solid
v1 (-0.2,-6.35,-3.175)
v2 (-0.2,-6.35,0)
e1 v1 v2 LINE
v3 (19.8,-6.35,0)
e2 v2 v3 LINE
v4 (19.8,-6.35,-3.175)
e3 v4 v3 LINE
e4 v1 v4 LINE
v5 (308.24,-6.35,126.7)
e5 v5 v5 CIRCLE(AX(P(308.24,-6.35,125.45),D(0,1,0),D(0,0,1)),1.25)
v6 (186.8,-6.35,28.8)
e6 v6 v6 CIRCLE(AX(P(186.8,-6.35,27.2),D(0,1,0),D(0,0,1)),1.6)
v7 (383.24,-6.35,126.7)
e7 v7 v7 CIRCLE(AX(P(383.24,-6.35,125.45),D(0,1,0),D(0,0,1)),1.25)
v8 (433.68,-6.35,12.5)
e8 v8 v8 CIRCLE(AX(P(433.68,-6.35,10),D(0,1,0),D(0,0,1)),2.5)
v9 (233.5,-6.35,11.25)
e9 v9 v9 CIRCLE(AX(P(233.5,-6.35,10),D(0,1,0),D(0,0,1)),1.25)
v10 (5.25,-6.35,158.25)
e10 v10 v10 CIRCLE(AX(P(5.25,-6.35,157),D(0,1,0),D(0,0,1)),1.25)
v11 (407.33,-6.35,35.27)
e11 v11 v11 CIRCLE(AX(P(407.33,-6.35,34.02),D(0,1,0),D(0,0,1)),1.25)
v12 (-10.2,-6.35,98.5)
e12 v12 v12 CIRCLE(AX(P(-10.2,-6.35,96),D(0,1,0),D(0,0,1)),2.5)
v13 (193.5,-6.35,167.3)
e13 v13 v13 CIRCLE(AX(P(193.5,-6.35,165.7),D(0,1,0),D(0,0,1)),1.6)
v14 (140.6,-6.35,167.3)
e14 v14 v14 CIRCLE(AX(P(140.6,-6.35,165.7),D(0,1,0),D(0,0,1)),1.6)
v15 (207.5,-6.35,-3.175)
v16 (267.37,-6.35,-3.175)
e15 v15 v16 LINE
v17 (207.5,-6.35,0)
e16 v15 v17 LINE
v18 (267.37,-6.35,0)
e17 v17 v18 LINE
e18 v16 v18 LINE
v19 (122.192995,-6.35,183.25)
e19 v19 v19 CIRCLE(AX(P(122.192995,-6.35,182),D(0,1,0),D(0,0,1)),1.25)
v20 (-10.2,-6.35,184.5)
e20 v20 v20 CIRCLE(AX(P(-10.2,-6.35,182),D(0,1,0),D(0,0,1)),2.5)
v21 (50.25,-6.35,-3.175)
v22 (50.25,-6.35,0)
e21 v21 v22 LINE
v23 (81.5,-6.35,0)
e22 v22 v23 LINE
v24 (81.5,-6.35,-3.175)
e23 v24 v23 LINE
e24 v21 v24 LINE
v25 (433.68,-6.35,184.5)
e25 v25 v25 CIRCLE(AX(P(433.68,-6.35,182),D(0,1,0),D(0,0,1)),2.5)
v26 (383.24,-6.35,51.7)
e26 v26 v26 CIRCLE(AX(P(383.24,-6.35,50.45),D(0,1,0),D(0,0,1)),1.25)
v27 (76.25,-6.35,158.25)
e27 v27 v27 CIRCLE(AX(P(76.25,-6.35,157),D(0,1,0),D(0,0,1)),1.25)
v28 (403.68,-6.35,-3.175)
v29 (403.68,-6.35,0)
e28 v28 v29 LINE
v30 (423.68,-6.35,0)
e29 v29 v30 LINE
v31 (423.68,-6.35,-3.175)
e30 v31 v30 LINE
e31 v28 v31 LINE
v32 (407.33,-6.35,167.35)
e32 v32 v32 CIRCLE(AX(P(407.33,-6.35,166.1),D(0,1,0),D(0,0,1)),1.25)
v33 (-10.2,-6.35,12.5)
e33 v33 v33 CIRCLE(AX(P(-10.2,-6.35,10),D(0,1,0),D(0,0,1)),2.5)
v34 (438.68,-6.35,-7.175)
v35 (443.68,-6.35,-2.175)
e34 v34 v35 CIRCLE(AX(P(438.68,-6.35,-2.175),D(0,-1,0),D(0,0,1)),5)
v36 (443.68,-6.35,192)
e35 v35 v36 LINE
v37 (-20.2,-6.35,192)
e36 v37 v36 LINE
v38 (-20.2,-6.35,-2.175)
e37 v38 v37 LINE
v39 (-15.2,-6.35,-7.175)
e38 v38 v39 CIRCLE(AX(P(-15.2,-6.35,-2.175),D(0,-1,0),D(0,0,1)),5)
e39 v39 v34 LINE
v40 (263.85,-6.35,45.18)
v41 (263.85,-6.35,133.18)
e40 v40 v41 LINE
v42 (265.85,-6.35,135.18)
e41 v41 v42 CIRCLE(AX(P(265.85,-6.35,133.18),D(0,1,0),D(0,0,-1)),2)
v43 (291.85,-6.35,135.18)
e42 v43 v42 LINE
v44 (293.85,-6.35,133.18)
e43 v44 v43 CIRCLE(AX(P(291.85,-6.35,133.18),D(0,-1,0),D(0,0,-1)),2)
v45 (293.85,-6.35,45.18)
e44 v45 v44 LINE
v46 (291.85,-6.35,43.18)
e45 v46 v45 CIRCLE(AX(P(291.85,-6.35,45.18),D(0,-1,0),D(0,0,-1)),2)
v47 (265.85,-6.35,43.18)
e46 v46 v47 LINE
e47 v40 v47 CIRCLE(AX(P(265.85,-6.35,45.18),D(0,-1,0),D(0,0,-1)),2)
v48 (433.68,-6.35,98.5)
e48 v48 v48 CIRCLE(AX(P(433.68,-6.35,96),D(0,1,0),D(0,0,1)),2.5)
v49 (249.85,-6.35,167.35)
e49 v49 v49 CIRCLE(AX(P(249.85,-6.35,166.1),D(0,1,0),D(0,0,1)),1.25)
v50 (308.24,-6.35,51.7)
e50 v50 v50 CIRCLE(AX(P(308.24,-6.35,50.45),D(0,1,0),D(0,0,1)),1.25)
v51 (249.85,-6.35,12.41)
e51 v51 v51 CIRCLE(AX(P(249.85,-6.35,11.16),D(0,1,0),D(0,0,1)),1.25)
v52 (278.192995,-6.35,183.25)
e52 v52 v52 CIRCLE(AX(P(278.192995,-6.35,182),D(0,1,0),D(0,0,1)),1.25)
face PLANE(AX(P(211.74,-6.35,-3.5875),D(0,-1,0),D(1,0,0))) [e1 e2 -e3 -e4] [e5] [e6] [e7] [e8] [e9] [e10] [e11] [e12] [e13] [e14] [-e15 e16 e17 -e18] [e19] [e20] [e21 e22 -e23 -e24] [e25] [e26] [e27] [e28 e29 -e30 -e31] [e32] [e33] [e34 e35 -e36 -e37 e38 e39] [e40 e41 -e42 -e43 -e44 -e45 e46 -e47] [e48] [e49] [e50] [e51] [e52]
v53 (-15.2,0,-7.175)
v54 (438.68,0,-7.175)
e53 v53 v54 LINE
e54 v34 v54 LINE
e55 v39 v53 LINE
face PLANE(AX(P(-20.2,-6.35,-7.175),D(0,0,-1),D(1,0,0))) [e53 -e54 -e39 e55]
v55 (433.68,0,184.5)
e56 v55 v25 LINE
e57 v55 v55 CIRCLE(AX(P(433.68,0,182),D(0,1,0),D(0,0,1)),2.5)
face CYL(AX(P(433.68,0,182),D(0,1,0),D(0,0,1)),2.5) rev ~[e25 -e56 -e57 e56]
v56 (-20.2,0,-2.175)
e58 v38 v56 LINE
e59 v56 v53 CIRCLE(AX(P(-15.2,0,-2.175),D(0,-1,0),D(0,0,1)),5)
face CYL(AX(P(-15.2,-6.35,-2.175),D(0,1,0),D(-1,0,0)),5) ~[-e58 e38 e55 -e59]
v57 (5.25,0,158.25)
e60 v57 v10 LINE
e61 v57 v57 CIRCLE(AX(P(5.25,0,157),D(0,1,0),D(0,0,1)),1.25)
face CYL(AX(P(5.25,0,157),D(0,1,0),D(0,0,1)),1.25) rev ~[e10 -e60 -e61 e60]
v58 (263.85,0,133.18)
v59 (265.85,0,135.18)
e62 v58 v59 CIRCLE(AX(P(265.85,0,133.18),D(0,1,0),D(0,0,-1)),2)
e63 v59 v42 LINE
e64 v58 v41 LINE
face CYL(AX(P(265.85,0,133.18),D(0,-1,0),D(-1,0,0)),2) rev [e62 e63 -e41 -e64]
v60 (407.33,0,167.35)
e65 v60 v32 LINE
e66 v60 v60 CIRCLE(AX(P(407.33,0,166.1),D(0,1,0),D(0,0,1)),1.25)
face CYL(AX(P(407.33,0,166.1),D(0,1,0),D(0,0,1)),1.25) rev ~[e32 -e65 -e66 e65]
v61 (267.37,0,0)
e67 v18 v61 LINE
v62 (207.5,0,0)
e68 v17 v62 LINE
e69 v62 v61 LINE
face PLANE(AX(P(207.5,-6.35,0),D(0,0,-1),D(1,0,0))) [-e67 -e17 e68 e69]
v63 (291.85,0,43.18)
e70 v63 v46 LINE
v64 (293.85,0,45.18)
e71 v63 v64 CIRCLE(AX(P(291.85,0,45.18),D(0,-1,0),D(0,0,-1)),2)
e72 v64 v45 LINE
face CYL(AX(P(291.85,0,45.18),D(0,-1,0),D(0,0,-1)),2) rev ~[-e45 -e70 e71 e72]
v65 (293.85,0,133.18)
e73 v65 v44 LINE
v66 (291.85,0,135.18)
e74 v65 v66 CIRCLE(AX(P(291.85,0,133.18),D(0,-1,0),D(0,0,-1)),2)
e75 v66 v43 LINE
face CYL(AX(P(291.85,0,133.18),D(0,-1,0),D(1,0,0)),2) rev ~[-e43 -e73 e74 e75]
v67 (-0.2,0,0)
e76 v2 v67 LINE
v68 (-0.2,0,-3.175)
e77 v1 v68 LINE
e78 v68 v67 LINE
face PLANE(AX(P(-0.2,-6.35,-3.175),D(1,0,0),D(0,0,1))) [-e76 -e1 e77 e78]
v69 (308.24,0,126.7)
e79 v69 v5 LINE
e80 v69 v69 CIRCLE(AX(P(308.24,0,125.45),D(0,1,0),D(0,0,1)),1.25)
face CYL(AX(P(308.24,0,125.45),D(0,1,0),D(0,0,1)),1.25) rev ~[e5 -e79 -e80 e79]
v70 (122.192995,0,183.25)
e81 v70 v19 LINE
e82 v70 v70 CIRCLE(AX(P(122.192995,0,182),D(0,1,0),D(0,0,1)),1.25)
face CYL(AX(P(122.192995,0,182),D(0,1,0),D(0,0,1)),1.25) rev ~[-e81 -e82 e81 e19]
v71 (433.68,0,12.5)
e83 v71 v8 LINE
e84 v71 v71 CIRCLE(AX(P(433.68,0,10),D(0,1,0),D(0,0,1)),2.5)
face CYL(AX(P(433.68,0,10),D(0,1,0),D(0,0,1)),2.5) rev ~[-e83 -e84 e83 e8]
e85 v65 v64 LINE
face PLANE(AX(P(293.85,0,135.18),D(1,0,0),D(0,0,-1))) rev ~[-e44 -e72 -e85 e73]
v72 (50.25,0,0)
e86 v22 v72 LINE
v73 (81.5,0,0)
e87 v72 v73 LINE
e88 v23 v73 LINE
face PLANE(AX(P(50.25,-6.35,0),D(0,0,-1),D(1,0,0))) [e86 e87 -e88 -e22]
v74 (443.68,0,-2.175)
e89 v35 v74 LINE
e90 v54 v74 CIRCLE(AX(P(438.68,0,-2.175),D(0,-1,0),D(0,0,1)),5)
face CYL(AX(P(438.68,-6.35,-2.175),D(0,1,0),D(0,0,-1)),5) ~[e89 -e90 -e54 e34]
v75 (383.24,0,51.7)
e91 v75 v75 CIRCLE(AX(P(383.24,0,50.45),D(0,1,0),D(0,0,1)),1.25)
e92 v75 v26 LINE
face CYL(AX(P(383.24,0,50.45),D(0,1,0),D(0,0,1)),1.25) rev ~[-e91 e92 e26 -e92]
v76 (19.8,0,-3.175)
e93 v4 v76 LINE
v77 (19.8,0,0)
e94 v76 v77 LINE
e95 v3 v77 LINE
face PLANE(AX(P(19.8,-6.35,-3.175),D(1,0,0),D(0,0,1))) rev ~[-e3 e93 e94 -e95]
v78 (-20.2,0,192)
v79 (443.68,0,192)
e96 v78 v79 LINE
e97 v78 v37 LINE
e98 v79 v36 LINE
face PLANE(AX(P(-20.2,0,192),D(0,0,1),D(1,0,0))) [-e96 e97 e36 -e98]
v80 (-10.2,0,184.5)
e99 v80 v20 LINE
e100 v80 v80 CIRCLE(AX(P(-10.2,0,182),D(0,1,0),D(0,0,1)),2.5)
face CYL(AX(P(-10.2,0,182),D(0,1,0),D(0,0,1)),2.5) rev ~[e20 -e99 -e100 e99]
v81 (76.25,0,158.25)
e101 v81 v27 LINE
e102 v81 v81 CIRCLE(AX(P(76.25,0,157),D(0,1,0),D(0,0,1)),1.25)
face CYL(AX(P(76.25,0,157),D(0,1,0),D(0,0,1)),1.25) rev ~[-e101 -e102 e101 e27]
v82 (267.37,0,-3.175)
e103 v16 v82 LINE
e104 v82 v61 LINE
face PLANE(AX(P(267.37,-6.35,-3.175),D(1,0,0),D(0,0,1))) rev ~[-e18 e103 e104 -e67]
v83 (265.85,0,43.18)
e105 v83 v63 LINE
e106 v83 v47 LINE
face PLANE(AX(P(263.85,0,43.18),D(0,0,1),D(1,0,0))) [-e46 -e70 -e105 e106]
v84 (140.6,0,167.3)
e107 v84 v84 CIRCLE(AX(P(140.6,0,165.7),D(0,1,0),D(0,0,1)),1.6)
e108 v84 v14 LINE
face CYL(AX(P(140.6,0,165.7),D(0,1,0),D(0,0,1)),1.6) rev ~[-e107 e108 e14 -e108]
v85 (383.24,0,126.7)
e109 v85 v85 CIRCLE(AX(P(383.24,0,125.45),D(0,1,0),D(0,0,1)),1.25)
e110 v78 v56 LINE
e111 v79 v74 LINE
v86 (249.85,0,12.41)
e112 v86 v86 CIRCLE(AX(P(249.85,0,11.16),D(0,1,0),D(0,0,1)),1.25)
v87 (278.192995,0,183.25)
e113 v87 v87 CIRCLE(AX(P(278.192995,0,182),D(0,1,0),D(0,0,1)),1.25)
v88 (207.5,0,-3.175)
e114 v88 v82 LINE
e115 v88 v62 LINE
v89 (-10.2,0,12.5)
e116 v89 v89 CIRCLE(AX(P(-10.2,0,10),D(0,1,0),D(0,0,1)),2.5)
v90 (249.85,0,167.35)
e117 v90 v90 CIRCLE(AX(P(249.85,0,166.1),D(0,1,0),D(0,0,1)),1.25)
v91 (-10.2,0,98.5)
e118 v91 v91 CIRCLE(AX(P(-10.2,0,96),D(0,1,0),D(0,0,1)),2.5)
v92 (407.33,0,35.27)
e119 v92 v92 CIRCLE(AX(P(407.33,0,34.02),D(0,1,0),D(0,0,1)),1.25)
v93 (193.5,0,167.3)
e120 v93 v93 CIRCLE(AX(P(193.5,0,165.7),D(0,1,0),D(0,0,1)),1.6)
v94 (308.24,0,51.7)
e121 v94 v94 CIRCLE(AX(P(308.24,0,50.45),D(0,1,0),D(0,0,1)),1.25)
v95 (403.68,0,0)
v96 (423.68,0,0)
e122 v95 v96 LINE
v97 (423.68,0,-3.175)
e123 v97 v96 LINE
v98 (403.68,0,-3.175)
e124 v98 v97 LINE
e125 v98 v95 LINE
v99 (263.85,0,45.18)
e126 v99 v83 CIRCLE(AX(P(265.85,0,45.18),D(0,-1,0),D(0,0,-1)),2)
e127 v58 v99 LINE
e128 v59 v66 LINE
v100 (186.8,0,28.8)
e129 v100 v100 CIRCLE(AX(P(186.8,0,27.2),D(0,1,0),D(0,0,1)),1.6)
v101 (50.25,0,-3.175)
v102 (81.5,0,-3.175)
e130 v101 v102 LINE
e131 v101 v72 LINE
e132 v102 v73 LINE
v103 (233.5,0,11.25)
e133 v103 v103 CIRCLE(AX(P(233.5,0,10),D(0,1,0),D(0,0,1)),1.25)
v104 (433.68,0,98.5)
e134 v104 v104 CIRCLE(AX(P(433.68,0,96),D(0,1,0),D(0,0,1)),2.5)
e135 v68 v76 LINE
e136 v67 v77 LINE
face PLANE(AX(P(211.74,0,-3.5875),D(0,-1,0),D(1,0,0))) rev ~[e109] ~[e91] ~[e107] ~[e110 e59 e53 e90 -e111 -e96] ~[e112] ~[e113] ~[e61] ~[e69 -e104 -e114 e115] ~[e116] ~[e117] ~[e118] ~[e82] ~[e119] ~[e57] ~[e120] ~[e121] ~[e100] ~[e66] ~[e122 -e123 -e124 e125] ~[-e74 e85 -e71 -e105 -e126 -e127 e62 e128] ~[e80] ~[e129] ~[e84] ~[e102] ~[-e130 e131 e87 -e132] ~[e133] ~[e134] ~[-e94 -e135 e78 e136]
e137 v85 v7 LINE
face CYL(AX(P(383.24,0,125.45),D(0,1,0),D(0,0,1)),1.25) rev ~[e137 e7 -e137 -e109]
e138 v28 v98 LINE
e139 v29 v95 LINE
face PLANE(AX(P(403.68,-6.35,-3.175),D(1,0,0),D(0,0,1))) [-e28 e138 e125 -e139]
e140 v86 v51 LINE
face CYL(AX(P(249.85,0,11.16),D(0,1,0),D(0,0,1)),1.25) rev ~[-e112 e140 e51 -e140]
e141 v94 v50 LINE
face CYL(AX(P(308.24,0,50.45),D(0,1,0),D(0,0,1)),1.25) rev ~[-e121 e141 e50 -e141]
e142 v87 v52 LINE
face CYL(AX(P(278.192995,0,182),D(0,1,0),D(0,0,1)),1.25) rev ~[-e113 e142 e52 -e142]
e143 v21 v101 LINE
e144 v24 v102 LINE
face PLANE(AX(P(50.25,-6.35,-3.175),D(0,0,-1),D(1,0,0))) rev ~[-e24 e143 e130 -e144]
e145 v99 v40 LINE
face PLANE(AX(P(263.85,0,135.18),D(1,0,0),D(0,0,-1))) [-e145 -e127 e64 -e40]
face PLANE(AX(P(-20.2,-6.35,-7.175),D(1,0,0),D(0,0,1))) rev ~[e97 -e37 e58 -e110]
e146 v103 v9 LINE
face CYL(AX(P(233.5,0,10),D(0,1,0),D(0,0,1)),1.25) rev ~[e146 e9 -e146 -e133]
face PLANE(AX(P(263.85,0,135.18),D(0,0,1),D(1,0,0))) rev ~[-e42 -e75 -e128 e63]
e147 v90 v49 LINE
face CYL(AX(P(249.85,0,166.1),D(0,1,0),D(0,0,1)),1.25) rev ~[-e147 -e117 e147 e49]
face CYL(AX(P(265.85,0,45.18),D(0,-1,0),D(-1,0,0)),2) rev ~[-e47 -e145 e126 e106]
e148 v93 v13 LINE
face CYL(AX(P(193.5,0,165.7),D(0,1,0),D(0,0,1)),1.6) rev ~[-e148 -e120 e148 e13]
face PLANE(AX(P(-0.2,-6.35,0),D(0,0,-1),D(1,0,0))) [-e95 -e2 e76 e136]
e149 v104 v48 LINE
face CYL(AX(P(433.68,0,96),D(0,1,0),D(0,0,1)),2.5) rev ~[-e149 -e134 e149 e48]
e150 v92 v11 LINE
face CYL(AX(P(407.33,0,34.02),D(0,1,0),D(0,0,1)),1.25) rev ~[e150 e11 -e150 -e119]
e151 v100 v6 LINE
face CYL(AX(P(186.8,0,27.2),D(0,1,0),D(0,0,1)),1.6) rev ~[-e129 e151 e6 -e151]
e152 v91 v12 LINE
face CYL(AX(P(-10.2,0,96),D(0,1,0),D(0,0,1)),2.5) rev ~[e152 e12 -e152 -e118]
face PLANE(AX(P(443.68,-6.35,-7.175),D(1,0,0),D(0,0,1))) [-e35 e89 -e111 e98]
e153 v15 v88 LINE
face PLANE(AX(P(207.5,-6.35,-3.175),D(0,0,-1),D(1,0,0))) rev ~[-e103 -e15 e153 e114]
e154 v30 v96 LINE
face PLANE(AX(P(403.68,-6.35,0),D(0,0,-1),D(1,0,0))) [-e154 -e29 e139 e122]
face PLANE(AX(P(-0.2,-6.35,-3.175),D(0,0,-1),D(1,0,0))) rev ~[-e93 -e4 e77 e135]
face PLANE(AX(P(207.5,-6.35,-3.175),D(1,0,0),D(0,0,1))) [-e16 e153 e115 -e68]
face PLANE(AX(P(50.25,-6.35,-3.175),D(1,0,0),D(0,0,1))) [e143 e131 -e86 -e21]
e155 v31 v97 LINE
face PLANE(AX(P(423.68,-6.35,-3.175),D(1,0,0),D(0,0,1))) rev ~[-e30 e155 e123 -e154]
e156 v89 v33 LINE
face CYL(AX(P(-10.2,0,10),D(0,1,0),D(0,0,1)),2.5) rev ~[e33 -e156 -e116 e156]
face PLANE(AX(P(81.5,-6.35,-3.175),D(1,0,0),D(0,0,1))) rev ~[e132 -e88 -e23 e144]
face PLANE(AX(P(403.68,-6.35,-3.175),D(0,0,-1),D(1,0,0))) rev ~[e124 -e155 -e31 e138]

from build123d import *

# Parameters (mm, degrees)
SKETCH1_W           = 463.88
SKETCH1_H           = 192
BOSS_EXTRUDE1_DEPTH = 6.35
SKETCH5_R           = 2.5
CUT_EXTRUDE3_DEPTH  = 484.483469107
SKETCH4_R           = 1.25
SKETCH4_R_2         = 1.6
CUT_EXTRUDE2_DEPTH  = 484.483469107
SKETCH2_W           = 463.88
SKETCH2_H           = 7.175
BOSS_EXTRUDE2_DEPTH = 6.35
SKETCH3_W           = 20
SKETCH3_H           = 3.175
SKETCH3_W_2         = 31.25
SKETCH3_W_3         = 59.87
CUT_EXTRUDE1_DEPTH  = 484.483469107
FILLET1_R           = 5
SKETCH6_W           = 30
SKETCH6_H           = 92
CUT_EXTRUDE4_DEPTH  = 484.483469107
FILLET2_R           = 2


with BuildPart() as part:
    # Sketch1 → Boss-Extrude1 (new body)
    with BuildSketch(Plane(origin=(0, 0, 0), x_dir=(1, 0, 0), z_dir=(0, 1, 0))):
        with Locations((211.74, -96)):
            Rectangle(SKETCH1_W, SKETCH1_H)
    extrude(amount=-BOSS_EXTRUDE1_DEPTH)

    # Sketch5 → Cut-Extrude3 (cut, through all)
    with BuildSketch(Plane(origin=(0, 0, 0), x_dir=(1, 0, 0), z_dir=(0, 1, 0))):
        with Locations(Location((-10.2, -96, 0), (0, 0, 270))):
            Circle(SKETCH5_R)
        with Locations(Location((433.68, -96, 0), (0, 0, 270))):
            Circle(SKETCH5_R)
        with Locations(Location((-10.2, -10, 0), (0, 0, 270))):
            Circle(SKETCH5_R)
        with Locations(Location((-10.2, -182, 0), (0, 0, 270))):
            Circle(SKETCH5_R)
        with Locations(Location((433.68, -182, 0), (0, 0, 270))):
            Circle(SKETCH5_R)
        with Locations(Location((433.68, -10, 0), (0, 0, 270))):
            Circle(SKETCH5_R)
    extrude(amount=-CUT_EXTRUDE3_DEPTH, mode=Mode.SUBTRACT)

    # Sketch4 → Cut-Extrude2 (cut, through all)
    with BuildSketch(Plane(origin=(0, 0, 0), x_dir=(1, 0, 0), z_dir=(0, 1, 0))):
        with Locations(Location((407.33, -34.02, 0), (0, 0, 270))):
            Circle(SKETCH4_R)
        with Locations(Location((407.33, -166.1, 0), (0, 0, 270))):
            Circle(SKETCH4_R)
        with Locations(Location((249.85, -166.1, 0), (0, 0, 270))):
            Circle(SKETCH4_R)
        with Locations(Location((249.85, -11.16, 0), (0, 0, 270))):
            Circle(SKETCH4_R)
        with Locations(Location((186.8, -27.2, 0), (0, 0, 270))):
            Circle(SKETCH4_R_2)
        with Locations(Location((193.5, -165.7, 0), (0, 0, 270))):
            Circle(SKETCH4_R_2)
        with Locations(Location((140.6, -165.7, 0), (0, 0, 270))):
            Circle(SKETCH4_R_2)
        with Locations(Location((122.192994616, -182, 0), (0, 0, 270))):
            Circle(SKETCH4_R)
        with Locations(Location((278.192994616, -182, 0), (0, 0, 270))):
            Circle(SKETCH4_R)
        with Locations(Location((233.5, -10, 0), (0, 0, 270))):
            Circle(SKETCH4_R)
        with Locations(Location((5.25, -157, 0), (0, 0, 270))):
            Circle(SKETCH4_R)
        with Locations(Location((76.25, -157, 0), (0, 0, 270))):
            Circle(SKETCH4_R)
        with Locations(Location((308.24, -50.45, 0), (0, 0, 270))):
            Circle(SKETCH4_R)
        with Locations(Location((383.24, -50.45, 0), (0, 0, 270))):
            Circle(SKETCH4_R)
        with Locations(Location((383.24, -125.45, 0), (0, 0, 270))):
            Circle(SKETCH4_R)
        with Locations(Location((308.24, -125.45, 0), (0, 0, 270))):
            Circle(SKETCH4_R)
    extrude(amount=-CUT_EXTRUDE2_DEPTH, mode=Mode.SUBTRACT)

    # Sketch2 → Boss-Extrude2 (add)
    with BuildSketch(Plane.XZ.offset(6.35)):
        with Locations((211.74, -3.5875)):
            Rectangle(SKETCH2_W, SKETCH2_H)
    extrude(amount=-BOSS_EXTRUDE2_DEPTH)

    # Sketch3 → Cut-Extrude1 (cut, through all)
    with BuildSketch(Plane.XZ.offset(6.35)):
        with Locations((9.8, -1.5875)):
            Rectangle(SKETCH3_W, SKETCH3_H)
        with Locations((65.875, -1.5875)):
            Rectangle(SKETCH3_W_2, SKETCH3_H)
        with Locations((237.435, -1.5875)):
            Rectangle(SKETCH3_W_3, SKETCH3_H)
        with Locations((413.68, -1.5875)):
            Rectangle(SKETCH3_W, SKETCH3_H)
    extrude(amount=-CUT_EXTRUDE1_DEPTH, mode=Mode.SUBTRACT)

    # Fillet1
    fillet1_edges = [part.edges().sort_by_distance(p)[0] for p in [
        (443.68, -3.175, -7.175),
        (-20.2, -3.175, -7.175),
    ]]
    fillet(fillet1_edges, radius=FILLET1_R)

    # Sketch6 → Cut-Extrude4 (cut, through all)
    with BuildSketch(Plane(origin=(0, 0, 0), x_dir=(1, 0, 0), z_dir=(0, 1, 0))):
        with Locations((278.85, -89.18)):
            Rectangle(SKETCH6_W, SKETCH6_H)
    extrude(amount=-CUT_EXTRUDE4_DEPTH, mode=Mode.SUBTRACT)

    # Fillet2
    fillet2_edges = [part.edges().sort_by_distance(p)[0] for p in [
        (263.85, -3.175, 43.18),
        (293.85, -3.175, 43.18),
        (293.85, -3.175, 135.18),
        (263.85, -3.175, 135.18),
    ]]
    fillet(fillet2_edges, radius=FILLET2_R)


solid = part.part
